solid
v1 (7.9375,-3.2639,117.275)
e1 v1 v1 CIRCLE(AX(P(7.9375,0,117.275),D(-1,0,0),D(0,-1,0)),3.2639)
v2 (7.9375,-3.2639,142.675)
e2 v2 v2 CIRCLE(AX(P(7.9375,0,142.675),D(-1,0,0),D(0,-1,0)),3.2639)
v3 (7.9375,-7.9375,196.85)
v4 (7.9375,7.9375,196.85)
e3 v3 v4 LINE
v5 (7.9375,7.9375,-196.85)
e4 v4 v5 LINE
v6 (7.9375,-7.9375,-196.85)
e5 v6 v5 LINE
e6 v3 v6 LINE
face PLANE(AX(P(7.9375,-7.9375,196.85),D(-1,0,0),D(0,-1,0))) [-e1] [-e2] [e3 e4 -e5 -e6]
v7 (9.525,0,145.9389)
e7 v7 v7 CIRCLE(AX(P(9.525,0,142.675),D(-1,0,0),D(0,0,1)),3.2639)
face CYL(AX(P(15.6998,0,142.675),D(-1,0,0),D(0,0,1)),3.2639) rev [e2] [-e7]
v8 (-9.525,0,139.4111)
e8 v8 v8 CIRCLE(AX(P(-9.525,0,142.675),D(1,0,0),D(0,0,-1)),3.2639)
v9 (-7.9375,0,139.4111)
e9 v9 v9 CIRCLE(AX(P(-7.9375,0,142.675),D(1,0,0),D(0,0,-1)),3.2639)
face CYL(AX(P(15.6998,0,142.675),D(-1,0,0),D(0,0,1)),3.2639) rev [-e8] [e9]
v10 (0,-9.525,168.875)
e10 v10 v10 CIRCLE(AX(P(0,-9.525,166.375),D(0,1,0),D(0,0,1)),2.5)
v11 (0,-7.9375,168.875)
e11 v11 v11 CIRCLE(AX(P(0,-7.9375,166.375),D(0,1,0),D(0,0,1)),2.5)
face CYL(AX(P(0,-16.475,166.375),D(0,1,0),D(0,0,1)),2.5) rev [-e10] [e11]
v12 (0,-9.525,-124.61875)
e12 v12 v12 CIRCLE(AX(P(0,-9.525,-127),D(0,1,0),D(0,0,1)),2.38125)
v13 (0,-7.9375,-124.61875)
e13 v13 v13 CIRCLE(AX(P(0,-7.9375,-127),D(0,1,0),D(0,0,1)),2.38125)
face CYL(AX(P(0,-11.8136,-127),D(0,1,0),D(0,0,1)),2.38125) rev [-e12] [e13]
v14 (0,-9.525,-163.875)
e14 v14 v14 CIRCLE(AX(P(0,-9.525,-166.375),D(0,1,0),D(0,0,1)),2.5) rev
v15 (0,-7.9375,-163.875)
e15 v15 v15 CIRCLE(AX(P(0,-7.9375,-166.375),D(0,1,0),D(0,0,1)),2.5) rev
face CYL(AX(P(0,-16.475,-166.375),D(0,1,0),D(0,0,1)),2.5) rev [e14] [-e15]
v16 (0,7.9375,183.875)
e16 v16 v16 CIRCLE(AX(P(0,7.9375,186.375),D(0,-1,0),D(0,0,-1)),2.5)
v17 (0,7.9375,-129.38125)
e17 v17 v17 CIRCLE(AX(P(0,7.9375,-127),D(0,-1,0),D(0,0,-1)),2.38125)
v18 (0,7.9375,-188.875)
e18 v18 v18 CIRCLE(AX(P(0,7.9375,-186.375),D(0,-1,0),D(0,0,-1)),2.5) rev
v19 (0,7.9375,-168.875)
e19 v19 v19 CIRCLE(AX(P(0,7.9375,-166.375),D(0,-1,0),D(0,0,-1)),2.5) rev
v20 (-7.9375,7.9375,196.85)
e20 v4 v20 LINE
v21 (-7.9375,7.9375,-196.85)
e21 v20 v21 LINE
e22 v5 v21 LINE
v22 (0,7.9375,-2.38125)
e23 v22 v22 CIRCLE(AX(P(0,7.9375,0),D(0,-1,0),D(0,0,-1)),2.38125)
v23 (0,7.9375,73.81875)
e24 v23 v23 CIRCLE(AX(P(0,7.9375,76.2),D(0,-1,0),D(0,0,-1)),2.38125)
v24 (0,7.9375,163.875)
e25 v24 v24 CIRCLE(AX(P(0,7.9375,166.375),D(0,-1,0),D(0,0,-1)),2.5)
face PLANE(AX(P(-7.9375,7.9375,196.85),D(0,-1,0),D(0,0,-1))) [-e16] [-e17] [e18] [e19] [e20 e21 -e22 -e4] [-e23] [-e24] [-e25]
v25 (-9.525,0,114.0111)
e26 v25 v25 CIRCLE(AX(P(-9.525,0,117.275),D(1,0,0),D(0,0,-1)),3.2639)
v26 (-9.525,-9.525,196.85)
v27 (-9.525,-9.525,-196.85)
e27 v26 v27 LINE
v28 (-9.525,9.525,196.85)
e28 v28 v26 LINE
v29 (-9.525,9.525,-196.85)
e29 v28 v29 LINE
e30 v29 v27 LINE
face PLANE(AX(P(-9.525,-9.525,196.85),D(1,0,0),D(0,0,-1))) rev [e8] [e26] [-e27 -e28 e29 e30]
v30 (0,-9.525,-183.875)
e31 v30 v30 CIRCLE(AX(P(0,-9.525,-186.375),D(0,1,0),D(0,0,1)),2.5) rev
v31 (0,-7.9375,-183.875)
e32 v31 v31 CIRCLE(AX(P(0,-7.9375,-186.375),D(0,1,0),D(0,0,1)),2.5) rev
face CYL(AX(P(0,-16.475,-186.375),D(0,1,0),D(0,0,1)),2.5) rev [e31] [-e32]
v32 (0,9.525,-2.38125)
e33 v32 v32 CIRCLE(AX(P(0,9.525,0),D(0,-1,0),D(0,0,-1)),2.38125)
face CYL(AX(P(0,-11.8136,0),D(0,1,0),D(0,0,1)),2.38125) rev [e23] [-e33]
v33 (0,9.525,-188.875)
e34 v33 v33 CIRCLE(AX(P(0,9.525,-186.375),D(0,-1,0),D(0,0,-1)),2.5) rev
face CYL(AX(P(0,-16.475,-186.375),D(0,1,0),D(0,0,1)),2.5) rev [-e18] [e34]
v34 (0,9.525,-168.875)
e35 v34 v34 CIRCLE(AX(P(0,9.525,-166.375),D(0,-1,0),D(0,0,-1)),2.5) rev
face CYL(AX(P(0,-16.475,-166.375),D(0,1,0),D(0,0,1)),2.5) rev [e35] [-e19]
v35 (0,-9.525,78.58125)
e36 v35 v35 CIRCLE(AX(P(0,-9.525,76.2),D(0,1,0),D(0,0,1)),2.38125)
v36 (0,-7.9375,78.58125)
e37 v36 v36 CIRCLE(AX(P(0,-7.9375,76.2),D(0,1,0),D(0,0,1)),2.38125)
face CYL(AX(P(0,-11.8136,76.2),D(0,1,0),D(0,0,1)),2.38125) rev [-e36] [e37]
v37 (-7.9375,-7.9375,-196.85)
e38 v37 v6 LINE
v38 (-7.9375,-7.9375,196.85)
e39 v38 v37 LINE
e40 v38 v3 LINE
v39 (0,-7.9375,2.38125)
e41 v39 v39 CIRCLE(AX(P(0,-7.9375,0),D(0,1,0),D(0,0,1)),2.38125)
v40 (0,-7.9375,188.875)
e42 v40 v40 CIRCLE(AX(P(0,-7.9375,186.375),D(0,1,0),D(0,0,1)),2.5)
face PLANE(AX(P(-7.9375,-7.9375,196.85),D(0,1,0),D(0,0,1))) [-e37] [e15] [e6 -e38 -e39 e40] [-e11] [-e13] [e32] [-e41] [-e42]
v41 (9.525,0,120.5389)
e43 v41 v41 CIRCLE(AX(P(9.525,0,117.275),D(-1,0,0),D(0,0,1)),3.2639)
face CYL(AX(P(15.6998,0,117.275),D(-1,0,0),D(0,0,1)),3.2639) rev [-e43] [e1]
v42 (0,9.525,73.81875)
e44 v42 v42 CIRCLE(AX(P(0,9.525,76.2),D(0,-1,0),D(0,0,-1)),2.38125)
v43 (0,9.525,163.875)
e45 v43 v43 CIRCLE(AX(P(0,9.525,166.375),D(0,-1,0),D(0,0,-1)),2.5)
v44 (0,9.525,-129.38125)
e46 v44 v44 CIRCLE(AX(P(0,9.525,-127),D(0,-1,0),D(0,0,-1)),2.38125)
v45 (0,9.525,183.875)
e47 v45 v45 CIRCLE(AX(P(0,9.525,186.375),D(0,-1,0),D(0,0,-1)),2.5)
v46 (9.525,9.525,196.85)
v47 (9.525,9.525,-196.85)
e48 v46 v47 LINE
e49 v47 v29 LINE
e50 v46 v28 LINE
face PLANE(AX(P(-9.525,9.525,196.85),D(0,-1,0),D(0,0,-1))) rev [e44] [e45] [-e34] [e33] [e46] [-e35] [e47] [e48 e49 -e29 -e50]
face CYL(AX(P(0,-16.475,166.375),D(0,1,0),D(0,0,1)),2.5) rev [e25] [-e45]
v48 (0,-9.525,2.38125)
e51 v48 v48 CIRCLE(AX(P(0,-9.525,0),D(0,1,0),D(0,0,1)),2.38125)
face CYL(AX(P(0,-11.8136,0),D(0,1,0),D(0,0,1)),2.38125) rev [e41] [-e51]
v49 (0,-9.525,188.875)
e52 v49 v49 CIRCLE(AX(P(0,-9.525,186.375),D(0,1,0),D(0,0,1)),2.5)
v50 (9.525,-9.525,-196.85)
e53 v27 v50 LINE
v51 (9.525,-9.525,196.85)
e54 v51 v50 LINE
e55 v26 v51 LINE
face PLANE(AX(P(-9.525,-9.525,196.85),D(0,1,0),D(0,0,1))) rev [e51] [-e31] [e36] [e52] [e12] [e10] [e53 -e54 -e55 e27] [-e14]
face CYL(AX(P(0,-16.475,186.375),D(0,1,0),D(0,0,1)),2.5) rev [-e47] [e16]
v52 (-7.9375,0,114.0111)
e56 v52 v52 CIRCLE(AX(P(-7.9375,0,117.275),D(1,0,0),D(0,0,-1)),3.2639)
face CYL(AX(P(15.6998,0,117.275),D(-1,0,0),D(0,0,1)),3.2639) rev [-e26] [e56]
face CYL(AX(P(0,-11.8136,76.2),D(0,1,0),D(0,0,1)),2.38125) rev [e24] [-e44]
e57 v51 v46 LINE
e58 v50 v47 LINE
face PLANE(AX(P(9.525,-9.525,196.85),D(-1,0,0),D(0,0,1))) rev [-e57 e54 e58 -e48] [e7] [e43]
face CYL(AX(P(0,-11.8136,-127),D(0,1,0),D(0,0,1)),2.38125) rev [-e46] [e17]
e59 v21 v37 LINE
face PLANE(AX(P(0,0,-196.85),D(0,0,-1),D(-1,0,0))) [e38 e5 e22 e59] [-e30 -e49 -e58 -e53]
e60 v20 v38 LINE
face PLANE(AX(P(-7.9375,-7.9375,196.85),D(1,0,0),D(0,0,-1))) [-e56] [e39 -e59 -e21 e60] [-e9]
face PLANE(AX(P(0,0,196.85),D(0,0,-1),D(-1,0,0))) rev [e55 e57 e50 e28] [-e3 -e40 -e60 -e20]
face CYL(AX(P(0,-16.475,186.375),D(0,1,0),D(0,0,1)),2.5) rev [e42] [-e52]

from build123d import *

# Parameters (mm, degrees)
SKETCH1_W           = 19.05
SKETCH1_H           = 19.05
SKETCH1_W_2         = 15.875
SKETCH1_H_2         = 15.875
BOSS_EXTRUDE1_DEPTH = 196.85
SKETCH2_R           = 2.5
CUT_EXTRUDE1_DEPTH  = 30
SKETCH3_R           = 3.2639
CUT_EXTRUDE2_DEPTH  = 30
SKETCH4_R           = 2.38125
CUT_EXTRUDE3_DEPTH  = 30


with BuildPart() as part:
    # Sketch1 → Boss-Extrude1 (new, symmetric)
    with BuildSketch(Plane.XY):
        Rectangle(SKETCH1_W, SKETCH1_H)
        Rectangle(SKETCH1_W_2, SKETCH1_H_2, mode=Mode.SUBTRACT)
    extrude(amount=BOSS_EXTRUDE1_DEPTH, both=True)

    # Sketch2 → Cut-Extrude1 (cut)
    with BuildSketch(Plane(origin=(0, 13.525, 0), x_dir=(1, 0, 0), z_dir=(0, 1, 0))):
        with Locations(Location((0, -186.375, 0), (0, 0, 270))):
            Circle(SKETCH2_R)
        with Locations(Location((0, -166.375, 0), (0, 0, 270))):
            Circle(SKETCH2_R)
    cut_extrude1 = extrude(amount=-CUT_EXTRUDE1_DEPTH, mode=Mode.SUBTRACT)

    # Mirror1: Cut-Extrude1 across Front Plane
    add(cut_extrude1.mirror(Plane.XY), mode=Mode.SUBTRACT)

    # Sketch3 → Cut-Extrude2 (cut)
    with BuildSketch(Plane.ZY.offset(14.3002)):
        with Locations(Location((142.675, 0, 0), (0, 0, 180))):
            Circle(SKETCH3_R)
        with Locations(Location((117.275, 0, 0), (0, 0, 180))):
            Circle(SKETCH3_R)
    extrude(amount=-CUT_EXTRUDE2_DEPTH, mode=Mode.SUBTRACT)

    # Sketch4 → Cut-Extrude3 (cut)
    with BuildSketch(Plane(origin=(0, 18.1864, 0), x_dir=(1, 0, 0), z_dir=(0, 1, 0))):
        with Locations(Location((0, 0, 0), (0, 0, 270))):
            Circle(SKETCH4_R)
        with Locations(Location((0, 127, 0), (0, 0, 270))):
            Circle(SKETCH4_R)
        with Locations(Location((0, -76.2, 0), (0, 0, 270))):
            Circle(SKETCH4_R)
    extrude(amount=-CUT_EXTRUDE3_DEPTH, mode=Mode.SUBTRACT)


solid = part.part
